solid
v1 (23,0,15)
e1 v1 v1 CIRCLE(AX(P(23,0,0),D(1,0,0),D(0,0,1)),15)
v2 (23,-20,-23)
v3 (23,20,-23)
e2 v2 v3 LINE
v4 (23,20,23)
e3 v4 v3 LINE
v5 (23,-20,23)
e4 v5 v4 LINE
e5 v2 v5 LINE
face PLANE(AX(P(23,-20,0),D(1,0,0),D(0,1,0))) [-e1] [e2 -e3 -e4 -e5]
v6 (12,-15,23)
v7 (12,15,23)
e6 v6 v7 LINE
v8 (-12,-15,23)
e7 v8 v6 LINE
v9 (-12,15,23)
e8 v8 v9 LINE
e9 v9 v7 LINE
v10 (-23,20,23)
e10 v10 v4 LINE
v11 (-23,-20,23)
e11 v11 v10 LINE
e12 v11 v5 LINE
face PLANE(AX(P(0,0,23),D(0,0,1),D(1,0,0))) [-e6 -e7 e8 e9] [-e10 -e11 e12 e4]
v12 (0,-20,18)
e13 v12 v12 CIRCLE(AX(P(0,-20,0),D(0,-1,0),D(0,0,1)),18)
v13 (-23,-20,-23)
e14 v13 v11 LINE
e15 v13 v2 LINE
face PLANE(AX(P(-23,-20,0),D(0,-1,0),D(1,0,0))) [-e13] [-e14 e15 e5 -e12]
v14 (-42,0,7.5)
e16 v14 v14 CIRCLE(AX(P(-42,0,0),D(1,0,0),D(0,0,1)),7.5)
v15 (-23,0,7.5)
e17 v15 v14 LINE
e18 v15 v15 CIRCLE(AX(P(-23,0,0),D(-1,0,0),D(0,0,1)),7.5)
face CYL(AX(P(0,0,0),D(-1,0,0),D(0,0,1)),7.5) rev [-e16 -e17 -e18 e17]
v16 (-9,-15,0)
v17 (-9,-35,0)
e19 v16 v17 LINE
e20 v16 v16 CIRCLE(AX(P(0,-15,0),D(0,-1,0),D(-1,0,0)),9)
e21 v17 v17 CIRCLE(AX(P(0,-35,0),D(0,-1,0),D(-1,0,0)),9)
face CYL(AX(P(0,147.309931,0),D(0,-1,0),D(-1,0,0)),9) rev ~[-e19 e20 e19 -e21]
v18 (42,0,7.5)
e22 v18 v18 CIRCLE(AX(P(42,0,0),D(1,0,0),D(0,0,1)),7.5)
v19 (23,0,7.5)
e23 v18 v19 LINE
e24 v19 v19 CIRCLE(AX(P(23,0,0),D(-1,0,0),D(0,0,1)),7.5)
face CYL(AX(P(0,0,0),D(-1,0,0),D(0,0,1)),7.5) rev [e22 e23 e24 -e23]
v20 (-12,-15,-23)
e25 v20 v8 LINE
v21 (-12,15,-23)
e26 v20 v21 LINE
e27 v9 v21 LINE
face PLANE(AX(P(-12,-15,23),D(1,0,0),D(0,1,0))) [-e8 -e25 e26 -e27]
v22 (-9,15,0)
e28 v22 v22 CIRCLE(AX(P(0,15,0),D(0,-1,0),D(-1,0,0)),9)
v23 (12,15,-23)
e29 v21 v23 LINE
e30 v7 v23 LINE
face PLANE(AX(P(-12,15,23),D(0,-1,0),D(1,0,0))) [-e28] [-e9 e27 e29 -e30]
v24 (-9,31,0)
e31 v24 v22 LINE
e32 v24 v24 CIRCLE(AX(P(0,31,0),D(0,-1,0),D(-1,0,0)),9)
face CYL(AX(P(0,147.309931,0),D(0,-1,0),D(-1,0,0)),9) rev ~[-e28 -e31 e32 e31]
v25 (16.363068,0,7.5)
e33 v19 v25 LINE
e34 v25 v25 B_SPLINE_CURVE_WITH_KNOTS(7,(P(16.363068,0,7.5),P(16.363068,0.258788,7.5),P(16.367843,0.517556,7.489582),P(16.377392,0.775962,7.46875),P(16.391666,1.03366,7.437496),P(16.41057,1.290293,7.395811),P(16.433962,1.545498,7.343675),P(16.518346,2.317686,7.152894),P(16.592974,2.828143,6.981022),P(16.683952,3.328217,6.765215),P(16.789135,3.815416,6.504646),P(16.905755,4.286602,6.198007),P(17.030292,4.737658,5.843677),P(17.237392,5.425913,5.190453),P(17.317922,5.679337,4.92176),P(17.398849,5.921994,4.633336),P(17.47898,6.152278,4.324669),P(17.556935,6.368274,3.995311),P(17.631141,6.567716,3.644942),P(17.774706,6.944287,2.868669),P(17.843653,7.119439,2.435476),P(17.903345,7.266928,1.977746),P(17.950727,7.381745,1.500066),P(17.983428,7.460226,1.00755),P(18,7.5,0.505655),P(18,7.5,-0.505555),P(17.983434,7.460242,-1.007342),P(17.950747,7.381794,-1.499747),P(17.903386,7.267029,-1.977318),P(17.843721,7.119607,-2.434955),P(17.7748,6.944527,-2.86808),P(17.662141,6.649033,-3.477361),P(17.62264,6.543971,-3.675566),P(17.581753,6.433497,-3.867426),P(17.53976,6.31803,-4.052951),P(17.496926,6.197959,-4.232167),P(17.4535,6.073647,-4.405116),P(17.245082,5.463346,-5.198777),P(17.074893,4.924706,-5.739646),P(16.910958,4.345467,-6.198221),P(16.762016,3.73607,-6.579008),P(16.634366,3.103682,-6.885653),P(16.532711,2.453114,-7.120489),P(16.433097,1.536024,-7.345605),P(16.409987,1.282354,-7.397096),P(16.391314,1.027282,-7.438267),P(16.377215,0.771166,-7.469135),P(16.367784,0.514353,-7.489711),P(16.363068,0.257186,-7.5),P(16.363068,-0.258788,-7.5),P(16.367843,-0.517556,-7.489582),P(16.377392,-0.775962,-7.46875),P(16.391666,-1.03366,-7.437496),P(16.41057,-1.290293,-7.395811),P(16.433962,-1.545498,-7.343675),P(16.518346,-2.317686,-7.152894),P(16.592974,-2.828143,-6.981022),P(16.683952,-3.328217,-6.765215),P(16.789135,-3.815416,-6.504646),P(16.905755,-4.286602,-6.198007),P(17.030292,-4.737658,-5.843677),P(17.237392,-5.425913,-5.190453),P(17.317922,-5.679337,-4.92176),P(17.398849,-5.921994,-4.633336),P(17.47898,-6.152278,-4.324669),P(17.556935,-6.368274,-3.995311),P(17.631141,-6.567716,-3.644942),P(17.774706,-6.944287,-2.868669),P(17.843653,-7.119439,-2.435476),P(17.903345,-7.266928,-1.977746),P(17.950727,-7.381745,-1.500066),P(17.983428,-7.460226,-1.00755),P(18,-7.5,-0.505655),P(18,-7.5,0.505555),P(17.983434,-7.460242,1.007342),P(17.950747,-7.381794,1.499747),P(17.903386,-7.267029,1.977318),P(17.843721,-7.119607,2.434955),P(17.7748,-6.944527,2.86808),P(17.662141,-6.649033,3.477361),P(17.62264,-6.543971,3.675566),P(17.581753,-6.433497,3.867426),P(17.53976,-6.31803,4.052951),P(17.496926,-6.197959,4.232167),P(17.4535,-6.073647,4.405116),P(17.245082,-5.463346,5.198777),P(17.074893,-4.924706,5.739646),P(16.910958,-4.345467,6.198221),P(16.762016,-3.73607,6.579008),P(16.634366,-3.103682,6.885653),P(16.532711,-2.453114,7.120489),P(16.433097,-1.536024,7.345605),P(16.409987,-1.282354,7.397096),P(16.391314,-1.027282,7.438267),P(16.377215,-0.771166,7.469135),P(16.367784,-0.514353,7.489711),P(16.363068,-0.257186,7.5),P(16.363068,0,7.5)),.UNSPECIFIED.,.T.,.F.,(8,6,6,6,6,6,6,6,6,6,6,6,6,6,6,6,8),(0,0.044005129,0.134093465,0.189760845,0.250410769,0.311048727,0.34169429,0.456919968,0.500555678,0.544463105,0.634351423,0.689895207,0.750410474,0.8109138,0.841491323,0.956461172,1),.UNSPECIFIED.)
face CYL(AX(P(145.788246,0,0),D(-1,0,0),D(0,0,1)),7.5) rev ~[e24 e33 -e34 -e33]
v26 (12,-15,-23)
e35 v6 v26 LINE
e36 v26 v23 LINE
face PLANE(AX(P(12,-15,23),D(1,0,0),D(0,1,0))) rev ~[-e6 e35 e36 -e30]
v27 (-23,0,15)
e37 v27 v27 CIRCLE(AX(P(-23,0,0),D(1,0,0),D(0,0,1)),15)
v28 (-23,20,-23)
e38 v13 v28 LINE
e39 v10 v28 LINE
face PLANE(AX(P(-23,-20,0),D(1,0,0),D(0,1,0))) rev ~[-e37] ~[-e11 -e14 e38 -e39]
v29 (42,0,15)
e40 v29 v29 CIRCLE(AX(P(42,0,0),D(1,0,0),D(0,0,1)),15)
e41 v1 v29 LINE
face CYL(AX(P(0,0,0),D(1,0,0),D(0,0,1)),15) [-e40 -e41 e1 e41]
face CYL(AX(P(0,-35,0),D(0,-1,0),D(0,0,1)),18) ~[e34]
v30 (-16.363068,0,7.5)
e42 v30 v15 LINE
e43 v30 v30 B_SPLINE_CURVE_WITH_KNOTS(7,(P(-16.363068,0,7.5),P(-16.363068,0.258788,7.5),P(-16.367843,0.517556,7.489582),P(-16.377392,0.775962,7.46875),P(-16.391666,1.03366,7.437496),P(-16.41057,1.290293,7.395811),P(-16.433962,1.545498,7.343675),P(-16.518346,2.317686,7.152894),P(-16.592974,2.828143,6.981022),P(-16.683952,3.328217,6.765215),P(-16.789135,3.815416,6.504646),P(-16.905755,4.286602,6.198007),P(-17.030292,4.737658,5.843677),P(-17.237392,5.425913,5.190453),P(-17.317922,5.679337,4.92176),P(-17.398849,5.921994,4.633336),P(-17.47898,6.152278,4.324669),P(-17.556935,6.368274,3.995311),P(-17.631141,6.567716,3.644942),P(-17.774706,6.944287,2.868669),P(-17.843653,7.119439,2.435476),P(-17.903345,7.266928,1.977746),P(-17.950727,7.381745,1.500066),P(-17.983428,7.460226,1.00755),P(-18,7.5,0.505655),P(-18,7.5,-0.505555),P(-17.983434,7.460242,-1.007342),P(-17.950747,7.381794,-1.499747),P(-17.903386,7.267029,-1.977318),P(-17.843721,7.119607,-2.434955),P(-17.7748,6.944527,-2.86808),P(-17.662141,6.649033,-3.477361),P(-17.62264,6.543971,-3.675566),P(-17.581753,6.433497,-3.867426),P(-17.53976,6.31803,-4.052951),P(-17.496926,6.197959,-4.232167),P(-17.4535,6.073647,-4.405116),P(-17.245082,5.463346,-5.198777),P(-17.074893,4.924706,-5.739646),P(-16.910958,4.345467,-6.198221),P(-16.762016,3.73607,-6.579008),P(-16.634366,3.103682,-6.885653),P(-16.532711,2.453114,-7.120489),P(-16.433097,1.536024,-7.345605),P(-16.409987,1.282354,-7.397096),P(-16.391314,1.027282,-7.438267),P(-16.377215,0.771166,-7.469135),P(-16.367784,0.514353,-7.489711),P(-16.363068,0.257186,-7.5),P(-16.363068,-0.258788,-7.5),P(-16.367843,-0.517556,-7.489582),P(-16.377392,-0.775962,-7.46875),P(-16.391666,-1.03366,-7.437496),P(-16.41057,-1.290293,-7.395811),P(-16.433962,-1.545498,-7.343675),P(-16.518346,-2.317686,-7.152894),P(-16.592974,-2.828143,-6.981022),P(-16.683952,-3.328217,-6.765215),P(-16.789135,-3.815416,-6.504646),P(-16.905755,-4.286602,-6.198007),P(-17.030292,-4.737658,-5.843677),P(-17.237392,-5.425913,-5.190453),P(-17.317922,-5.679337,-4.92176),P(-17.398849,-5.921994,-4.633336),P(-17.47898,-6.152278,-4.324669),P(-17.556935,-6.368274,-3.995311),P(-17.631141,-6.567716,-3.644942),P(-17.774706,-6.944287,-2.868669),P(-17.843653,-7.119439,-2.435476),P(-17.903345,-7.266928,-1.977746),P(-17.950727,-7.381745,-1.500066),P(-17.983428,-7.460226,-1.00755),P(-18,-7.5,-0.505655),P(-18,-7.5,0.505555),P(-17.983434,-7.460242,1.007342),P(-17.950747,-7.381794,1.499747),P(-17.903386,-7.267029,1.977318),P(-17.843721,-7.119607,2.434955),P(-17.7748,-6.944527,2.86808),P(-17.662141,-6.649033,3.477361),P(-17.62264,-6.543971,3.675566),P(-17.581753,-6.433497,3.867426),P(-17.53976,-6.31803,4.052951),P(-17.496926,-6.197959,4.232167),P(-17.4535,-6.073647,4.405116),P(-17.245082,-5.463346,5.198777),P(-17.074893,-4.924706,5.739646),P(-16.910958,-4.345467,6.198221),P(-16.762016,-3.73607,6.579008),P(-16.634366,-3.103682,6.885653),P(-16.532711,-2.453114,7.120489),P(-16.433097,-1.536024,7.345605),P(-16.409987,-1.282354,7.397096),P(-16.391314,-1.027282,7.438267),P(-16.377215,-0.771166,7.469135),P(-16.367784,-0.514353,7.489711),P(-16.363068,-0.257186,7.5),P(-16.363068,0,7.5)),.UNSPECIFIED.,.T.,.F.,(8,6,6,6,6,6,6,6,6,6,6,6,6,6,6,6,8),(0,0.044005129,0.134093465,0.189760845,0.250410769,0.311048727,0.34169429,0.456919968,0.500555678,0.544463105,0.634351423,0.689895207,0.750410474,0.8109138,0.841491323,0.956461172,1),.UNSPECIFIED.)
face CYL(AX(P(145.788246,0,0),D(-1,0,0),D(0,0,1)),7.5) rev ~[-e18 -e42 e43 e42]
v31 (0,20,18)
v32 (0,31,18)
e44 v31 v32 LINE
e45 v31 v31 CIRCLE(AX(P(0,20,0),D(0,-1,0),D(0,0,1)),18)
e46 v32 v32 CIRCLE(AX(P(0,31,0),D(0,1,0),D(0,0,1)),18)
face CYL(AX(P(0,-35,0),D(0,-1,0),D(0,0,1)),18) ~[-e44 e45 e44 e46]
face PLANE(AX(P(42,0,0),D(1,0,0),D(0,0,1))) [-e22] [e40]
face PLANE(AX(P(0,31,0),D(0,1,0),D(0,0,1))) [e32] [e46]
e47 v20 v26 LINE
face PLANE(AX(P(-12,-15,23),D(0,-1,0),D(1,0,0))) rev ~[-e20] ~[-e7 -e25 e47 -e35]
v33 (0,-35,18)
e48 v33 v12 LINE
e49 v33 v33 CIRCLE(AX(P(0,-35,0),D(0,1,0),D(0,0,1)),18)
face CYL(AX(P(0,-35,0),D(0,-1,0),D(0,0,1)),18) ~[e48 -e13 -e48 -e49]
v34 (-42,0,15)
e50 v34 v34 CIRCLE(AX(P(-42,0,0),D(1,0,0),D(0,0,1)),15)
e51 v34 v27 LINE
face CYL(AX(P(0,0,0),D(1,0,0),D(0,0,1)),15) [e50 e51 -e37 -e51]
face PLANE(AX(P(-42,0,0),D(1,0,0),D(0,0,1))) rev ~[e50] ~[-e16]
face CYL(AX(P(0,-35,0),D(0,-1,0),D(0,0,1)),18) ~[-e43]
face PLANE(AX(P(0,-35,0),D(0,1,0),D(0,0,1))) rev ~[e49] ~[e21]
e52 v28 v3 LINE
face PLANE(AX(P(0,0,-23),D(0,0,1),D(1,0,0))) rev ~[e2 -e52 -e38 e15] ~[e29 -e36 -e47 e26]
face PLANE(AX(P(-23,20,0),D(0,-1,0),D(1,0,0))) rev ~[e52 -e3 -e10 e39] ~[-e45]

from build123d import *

# Parameters (mm, degrees)
SKETCH1_R                = 15
SKETCH1_R_2              = 7.5
BOSS_EXTRUDE1_DEPTH      = 42
SKETCH2_W                = 46
SKETCH2_H                = 40
BOSS_EXTRUDE2_DEPTH      = 23
SKETCH3_W                = 24
SKETCH3_H                = 30
CUT_EXTRUDE1_DEPTH       = 66.421708935
HOLE1_D                  = 15
BOSS_EXTRUDE3_DEPTH      = 11
BOSS_EXTRUDE3_DEPTH_BACK = 55
SKETCH6_R                = 18
SKETCH7_W                = 24
SKETCH7_H                = 30
CUT_EXTRUDE2_DEPTH       = 72.449282712
HOLE2_D                  = 18


with BuildPart() as part:
    # Sketch1 → Boss-Extrude1 (new, symmetric)
    with BuildSketch(Plane(origin=(0, 0, 0), x_dir=(0, 0, -1), z_dir=(1, 0, 0))):
        with Locations(Location((0, 0, 0), (0, 0, 180))):
            Circle(SKETCH1_R)
        with Locations(Location((0, 0, 0), (0, 0, 180))):
            Circle(SKETCH1_R_2, mode=Mode.SUBTRACT)
    extrude(amount=BOSS_EXTRUDE1_DEPTH, both=True)

    # Sketch2 → Boss-Extrude2 (add, symmetric)
    with BuildSketch(Plane.XY):
        Rectangle(SKETCH2_W, SKETCH2_H)
    extrude(amount=BOSS_EXTRUDE2_DEPTH, both=True)

    # Sketch3 → Cut-Extrude1 (cut, through all)
    with BuildSketch(Plane.XY.offset(23)):
        Rectangle(SKETCH3_W, SKETCH3_H)
    extrude(amount=-CUT_EXTRUDE1_DEPTH, mode=Mode.SUBTRACT)

    # Hole1 (through all)
    with Locations(Plane(origin=(42, 0, 0), x_dir=(0, 0, -1), z_dir=(1, 0, 0))):
        with Locations((0, 0)):
            Hole(HOLE1_D / 2)

    # Sketch6 → Boss-Extrude3 (add, two sides: drawn at the far end of the back side and taken through both)
    with BuildSketch(Plane(origin=(0, 20, 0), x_dir=(1, 0, 0), z_dir=(0, 1, 0)).offset(-BOSS_EXTRUDE3_DEPTH_BACK)):
        with Locations(Location((0, 0, 0), (0, 0, 270))):
            Circle(SKETCH6_R)
    extrude(amount=BOSS_EXTRUDE3_DEPTH + BOSS_EXTRUDE3_DEPTH_BACK)

    # Sketch7 → Cut-Extrude2 (cut, through all)
    with BuildSketch(Plane.XY.offset(23)):
        Rectangle(SKETCH7_W, SKETCH7_H)
    extrude(amount=-CUT_EXTRUDE2_DEPTH, mode=Mode.SUBTRACT)

    # Hole2 (through all)
    with Locations(Plane(origin=(0, 31, 0), x_dir=(1, 0, 0), z_dir=(0, 1, 0))):
        with Locations((0, 0)):
            Hole(HOLE2_D / 2)


solid = part.part
